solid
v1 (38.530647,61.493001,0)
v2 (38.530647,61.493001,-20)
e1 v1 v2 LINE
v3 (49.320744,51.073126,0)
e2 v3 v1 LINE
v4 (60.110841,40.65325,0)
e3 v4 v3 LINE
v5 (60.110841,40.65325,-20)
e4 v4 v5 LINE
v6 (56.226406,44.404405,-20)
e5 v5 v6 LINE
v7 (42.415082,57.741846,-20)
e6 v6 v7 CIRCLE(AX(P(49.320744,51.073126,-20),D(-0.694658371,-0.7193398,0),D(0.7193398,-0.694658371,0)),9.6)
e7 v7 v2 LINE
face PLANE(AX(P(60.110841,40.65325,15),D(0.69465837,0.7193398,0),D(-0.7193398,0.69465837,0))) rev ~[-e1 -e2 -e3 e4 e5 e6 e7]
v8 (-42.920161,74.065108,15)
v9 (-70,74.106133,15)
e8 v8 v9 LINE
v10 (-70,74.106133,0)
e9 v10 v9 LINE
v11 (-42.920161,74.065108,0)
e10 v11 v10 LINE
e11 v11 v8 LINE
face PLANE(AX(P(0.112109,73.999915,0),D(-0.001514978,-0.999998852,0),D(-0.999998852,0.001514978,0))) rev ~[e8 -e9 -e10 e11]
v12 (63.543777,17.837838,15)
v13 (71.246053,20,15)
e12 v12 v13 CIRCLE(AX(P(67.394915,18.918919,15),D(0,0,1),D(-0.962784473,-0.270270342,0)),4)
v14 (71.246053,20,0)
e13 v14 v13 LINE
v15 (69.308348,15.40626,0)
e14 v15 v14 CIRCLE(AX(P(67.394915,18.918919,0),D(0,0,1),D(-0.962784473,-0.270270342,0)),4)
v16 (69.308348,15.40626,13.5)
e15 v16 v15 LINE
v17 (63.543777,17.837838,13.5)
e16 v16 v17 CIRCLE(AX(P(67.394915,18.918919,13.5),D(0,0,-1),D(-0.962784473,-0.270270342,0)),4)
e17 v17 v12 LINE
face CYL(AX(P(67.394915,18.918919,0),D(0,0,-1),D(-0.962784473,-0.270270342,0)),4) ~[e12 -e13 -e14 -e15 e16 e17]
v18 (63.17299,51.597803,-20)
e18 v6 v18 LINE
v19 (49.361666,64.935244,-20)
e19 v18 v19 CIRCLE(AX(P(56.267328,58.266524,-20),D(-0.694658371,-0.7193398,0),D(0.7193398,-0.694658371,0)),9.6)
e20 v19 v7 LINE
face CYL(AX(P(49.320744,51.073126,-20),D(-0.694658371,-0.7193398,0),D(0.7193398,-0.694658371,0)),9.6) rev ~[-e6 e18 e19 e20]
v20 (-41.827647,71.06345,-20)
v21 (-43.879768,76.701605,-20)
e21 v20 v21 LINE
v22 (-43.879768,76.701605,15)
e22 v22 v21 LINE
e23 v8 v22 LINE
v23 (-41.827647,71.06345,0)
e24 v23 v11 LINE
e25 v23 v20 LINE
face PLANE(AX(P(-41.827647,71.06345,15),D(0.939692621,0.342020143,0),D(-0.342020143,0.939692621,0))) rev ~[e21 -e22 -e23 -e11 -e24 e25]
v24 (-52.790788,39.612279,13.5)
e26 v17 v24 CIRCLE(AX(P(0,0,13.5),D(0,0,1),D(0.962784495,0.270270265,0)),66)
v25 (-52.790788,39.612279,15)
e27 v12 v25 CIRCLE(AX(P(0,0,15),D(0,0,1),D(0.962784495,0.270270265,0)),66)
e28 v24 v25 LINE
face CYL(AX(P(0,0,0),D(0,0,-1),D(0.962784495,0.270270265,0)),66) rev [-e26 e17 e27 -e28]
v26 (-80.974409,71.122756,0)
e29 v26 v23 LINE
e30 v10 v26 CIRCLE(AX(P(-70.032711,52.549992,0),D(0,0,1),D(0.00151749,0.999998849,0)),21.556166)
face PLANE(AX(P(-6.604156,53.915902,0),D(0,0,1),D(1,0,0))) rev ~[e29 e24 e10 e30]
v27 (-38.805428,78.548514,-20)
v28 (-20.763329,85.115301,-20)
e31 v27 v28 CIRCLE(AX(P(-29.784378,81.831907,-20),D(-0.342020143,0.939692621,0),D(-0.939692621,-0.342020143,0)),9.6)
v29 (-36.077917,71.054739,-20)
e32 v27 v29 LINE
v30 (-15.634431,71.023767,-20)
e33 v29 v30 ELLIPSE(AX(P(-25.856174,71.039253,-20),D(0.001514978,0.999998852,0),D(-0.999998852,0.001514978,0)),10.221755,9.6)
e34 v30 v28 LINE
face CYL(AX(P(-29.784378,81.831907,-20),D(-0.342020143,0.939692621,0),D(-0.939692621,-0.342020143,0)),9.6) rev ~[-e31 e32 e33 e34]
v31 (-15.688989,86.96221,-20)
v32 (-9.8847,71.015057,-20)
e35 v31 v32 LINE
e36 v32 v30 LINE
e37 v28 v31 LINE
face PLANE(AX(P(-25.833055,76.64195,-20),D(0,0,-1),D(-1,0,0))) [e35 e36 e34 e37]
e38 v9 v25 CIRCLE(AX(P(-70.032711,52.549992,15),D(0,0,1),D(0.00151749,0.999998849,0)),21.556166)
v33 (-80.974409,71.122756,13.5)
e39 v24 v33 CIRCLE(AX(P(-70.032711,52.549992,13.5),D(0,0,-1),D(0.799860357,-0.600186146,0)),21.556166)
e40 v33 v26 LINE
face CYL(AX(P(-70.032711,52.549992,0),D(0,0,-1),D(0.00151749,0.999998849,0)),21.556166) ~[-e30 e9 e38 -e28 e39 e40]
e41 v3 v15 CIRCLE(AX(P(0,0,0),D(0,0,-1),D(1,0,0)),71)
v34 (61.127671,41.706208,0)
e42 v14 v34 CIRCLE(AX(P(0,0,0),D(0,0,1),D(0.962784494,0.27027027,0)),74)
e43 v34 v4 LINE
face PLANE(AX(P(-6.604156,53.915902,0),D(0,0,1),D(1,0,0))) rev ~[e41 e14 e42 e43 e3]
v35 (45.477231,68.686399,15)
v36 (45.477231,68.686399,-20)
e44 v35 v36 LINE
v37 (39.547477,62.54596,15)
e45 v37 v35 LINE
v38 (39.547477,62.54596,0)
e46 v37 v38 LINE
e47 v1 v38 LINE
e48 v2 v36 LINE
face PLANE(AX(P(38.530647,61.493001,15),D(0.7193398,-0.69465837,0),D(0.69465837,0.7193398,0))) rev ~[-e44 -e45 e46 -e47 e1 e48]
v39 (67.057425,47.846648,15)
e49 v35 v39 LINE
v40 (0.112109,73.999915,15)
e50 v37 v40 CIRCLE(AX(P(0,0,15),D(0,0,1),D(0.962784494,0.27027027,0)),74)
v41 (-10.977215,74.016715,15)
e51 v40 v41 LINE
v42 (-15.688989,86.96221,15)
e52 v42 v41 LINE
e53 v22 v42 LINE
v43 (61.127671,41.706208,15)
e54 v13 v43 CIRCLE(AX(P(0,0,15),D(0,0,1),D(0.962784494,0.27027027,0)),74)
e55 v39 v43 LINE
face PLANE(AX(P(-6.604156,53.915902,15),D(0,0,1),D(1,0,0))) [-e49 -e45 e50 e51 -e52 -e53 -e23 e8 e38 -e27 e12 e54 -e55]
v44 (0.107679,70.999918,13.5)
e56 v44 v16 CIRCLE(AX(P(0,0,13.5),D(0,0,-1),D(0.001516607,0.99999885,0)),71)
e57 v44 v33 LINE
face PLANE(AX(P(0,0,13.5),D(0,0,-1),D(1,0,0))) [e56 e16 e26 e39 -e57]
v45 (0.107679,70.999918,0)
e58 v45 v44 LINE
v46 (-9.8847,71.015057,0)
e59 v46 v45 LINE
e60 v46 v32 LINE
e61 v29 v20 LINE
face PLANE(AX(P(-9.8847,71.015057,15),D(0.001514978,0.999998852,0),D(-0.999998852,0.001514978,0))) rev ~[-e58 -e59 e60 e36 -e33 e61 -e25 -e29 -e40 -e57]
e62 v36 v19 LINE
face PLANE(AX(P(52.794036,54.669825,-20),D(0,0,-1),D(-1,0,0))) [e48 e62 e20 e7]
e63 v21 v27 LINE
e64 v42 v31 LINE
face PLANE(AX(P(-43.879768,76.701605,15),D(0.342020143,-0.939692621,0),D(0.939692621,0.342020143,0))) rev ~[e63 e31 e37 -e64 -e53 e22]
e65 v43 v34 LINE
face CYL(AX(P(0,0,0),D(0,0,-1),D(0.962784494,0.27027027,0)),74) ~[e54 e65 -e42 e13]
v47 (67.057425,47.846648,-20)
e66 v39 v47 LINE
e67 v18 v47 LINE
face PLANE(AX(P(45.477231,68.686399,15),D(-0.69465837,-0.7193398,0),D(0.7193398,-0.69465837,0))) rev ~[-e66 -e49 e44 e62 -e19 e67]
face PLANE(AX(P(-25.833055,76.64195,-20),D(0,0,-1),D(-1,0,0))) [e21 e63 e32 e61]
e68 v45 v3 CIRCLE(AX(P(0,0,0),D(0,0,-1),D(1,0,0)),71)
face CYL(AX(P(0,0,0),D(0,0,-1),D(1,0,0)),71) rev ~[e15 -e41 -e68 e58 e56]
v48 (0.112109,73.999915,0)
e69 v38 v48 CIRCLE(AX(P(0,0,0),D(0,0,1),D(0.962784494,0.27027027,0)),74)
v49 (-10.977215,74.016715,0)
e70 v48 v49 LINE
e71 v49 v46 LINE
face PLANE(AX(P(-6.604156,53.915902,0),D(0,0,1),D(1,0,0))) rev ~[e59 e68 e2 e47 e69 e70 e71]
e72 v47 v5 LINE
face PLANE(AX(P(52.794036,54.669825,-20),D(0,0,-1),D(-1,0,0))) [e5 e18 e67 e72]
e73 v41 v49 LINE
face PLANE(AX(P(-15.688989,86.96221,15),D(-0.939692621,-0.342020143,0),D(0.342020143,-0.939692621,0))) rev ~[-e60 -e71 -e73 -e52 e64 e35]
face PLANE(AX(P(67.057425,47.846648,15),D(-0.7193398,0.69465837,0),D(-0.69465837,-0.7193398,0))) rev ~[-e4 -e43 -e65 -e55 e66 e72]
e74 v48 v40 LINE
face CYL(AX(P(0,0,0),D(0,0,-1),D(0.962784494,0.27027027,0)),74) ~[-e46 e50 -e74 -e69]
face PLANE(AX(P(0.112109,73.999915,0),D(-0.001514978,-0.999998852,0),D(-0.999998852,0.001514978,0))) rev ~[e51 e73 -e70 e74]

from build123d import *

# Parameters (mm, degrees)
PAD_DEPTH       = 15
SKETCH002_R     = 71
POCKET_DEPTH    = 13.5
POCKET001_DEPTH = 13.5
PAD001_DEPTH    = 35
PAD002_DEPTH    = 35
SKETCH_R        = 9.6
POCKET002_DEPTH = 41.1514534441
SKETCH009_R     = 9.6
POCKET003_DEPTH = 97.4839978397


with BuildPart() as part:
    # Sketch001 → Pad (new body)
    with BuildSketch(Plane.XY):
        with BuildLine():
            ThreePointArc((71.2460525222, 20), (44.7436533058, 58.9406946756), (0.1121090023, 73.9999150781))
            Line((0.1121090023, 73.9999150781), (-70, 74.1061334774))
            ThreePointArc((-69.9999999999, 74.1061334774), (-89.3215614177, 42.9266570301), (-52.7907882568, 39.6122793491))
            ThreePointArc((63.5437766663, 17.8378375087), (12.1424161228, 64.8734285413), (-52.7907882568, 39.6122793491))
            ThreePointArc((63.5437766663, 17.8378375087), (68.4759958054, 15.0677809492), (71.2460525222, 20))
        make_face()
    extrude(amount=PAD_DEPTH)

    # Sketch002 → Pocket (cut)
    with BuildSketch(Plane(origin=(0, 0, 0), x_dir=(1, 0, 0), z_dir=(0, 0, -1))):
        Circle(SKETCH002_R)
    extrude(amount=-POCKET_DEPTH, mode=Mode.SUBTRACT)

    # Sketch003 → Pocket001 (cut)
    with BuildSketch(Plane(origin=(0, 0, 0), x_dir=(1, 0, 0), z_dir=(0, 0, -1))):
        Polygon((-153.2491449427, -71.2322507725), (0.107679068, -70.9999183467), (-35.4631, 35.7409), align=None)
    extrude(amount=-POCKET001_DEPTH, mode=Mode.SUBTRACT)

    # Sketch005 → Pad001 (new body)
    with BuildSketch(Plane.XY.offset(15)):
        Polygon((38.5306472975, 61.493001381), (45.4772310021, 68.6863993843), (67.0574250122, 47.8466482706), (60.1108413076, 40.6532502672), align=None)
    extrude(amount=-PAD001_DEPTH)

    # Sketch006 → Pad002 (new body)
    with BuildSketch(Plane.XY.offset(15)):
        Polygon((-41.8276469497, 71.0634495008), (-43.8797678097, 76.7016052255), (-15.6889891861, 86.9622095253), (-9.8847001983, 71.0150565952), align=None)
    extrude(amount=-PAD002_DEPTH)

    # Sketch → Pocket002 (cut, through all)
    with BuildSketch(Plane(origin=(49.3207443026, 51.0731258241, 0), x_dir=(0.7193398003, -0.6946583705, 0), z_dir=(-0.6946583705, -0.7193398003, 0))):
        with Locations((0, -20)):
            Circle(SKETCH_R)
    extrude(amount=-POCKET002_DEPTH, mode=Mode.SUBTRACT)

    # Sketch009 → Pocket003 (cut, through all)
    with BuildSketch(Plane(origin=(-29.7843784979, 81.8319073754, 0), x_dir=(-0.9396926208, -0.3420201433, 0), z_dir=(-0.3420201433, 0.9396926208, 0))):
        with Locations((0, -20)):
            Circle(SKETCH009_R)
    extrude(amount=-POCKET003_DEPTH, mode=Mode.SUBTRACT)


solid = part.part
